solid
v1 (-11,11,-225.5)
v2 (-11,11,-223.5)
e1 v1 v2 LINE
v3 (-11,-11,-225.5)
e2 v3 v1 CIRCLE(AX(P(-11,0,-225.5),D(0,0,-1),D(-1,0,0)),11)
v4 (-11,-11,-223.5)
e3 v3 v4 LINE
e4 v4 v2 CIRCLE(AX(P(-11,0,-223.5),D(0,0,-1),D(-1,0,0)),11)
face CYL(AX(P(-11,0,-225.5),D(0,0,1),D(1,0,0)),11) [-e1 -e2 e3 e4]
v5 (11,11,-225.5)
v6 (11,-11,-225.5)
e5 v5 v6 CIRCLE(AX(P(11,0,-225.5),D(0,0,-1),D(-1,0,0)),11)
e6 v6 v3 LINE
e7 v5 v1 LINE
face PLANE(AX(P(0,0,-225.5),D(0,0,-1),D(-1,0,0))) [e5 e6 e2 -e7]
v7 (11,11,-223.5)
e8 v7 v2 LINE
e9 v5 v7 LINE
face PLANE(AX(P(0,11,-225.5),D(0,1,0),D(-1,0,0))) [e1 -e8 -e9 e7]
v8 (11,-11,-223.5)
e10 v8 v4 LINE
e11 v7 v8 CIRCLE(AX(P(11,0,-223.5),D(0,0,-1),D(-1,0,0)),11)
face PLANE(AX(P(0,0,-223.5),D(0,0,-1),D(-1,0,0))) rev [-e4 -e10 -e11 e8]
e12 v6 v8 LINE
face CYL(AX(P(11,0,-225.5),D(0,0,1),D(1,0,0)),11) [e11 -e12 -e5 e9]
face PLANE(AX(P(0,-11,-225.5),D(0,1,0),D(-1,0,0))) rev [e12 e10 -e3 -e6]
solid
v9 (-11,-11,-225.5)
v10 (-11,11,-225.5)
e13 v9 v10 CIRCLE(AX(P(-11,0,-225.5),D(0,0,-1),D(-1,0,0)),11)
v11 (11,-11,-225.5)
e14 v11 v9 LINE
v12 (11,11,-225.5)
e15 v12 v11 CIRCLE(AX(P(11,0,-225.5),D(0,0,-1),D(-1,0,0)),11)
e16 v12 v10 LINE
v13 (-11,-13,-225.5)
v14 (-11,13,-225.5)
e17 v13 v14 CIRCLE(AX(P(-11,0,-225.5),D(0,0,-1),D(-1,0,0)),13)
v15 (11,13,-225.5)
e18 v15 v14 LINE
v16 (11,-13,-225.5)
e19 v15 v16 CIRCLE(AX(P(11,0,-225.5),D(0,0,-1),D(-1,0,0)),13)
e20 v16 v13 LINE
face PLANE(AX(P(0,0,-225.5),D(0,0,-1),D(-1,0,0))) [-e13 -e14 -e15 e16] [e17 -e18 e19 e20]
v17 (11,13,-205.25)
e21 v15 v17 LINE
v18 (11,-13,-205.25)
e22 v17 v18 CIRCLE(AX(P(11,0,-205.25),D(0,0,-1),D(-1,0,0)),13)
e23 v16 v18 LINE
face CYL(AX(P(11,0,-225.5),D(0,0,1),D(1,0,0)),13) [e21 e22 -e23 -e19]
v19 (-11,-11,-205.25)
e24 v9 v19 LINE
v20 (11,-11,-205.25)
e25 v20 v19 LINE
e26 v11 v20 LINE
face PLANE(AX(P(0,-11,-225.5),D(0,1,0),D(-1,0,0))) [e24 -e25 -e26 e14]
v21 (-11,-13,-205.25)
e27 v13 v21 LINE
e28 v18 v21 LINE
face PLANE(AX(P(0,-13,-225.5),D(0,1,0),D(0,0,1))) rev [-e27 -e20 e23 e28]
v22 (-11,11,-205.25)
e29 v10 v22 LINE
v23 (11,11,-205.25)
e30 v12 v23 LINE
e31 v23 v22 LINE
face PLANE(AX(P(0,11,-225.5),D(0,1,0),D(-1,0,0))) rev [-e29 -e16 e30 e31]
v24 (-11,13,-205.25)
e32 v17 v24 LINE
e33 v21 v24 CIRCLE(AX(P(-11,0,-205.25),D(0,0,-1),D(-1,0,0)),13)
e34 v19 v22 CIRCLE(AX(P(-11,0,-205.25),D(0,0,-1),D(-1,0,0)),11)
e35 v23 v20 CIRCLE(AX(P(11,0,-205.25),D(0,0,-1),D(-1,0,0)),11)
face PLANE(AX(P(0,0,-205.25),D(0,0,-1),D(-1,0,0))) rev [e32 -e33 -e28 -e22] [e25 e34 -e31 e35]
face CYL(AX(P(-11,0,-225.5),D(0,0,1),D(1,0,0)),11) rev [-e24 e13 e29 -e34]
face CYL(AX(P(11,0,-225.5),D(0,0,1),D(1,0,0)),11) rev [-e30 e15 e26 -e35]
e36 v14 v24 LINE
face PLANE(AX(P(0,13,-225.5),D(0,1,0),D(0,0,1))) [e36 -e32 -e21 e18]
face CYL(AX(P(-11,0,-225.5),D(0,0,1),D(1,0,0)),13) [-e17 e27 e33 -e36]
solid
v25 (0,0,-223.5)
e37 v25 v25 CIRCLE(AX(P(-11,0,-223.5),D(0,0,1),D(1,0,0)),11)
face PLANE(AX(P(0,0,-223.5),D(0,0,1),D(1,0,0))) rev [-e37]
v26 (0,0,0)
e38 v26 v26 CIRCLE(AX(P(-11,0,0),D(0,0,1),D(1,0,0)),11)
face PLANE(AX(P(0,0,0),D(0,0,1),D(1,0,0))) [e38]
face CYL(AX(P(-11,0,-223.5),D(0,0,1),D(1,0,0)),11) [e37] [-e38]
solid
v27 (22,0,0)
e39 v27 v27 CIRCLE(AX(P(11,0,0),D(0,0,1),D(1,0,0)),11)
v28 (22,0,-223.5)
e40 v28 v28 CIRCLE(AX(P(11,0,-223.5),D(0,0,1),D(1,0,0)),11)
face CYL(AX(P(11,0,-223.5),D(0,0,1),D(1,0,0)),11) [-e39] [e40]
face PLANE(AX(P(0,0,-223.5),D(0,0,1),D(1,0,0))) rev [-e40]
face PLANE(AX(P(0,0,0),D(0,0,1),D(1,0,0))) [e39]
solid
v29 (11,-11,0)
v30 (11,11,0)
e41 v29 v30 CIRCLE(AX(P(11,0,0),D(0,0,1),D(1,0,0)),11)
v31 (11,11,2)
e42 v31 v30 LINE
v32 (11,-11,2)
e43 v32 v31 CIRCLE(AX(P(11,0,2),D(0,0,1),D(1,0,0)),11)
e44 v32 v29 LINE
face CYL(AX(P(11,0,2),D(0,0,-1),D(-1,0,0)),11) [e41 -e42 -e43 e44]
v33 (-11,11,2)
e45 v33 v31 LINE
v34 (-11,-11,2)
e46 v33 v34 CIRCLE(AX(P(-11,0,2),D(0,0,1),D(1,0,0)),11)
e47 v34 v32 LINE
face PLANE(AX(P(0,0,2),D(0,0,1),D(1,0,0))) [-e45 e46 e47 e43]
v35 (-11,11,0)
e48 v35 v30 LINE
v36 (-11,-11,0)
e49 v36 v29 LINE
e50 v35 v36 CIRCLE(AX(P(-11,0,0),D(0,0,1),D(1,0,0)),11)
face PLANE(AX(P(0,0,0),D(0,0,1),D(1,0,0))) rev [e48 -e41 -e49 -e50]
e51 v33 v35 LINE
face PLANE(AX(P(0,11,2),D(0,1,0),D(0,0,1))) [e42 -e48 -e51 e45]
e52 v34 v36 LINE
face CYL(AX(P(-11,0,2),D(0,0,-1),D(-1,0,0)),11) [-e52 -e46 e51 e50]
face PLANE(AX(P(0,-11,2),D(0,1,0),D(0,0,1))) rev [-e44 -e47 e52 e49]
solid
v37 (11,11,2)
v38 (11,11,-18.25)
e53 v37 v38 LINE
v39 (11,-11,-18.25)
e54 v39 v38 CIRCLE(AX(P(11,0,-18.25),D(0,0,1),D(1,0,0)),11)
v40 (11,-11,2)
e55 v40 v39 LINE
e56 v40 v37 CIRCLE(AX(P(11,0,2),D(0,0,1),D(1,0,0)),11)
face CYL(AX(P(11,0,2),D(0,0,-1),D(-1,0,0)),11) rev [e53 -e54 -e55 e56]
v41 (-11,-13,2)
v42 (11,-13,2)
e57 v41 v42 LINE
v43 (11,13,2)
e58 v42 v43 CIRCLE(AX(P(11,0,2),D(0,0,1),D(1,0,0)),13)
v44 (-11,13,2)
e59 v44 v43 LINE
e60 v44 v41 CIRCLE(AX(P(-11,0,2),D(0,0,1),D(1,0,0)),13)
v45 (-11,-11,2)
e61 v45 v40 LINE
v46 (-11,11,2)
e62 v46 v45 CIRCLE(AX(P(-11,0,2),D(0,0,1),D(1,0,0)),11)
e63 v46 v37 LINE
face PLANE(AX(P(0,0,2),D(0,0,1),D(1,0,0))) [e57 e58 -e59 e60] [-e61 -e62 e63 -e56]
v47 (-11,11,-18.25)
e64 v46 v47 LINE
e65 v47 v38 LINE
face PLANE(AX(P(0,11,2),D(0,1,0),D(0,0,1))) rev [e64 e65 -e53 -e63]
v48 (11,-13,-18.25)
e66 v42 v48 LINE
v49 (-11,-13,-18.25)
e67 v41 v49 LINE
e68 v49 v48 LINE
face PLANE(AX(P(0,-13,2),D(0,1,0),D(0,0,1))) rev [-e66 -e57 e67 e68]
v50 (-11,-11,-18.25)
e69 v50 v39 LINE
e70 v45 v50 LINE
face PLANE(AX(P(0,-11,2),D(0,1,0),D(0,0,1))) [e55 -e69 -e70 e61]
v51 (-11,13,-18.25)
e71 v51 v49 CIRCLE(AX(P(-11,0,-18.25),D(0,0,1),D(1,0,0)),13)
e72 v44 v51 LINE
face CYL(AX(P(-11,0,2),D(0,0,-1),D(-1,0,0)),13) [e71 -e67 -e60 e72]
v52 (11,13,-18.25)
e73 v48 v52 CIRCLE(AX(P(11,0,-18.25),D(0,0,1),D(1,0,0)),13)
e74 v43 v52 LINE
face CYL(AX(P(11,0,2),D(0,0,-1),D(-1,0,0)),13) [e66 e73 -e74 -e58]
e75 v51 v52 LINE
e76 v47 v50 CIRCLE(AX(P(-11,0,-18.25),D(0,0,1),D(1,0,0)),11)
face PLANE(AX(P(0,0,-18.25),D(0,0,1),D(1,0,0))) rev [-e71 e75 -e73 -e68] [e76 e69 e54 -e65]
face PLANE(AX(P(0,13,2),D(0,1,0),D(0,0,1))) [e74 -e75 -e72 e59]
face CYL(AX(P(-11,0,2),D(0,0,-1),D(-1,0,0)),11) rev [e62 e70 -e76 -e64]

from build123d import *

# Parameters (mm, degrees)
ESQUISSE1_R              = 11
BOSS_EXTRU_2_DEPTH       = 223.5
BOSS_EXTRU_2_2_DEPTH     = 223.5
BOSS_EXTRU_8_DEPTH       = 2
BOSS_EXTRU_8_DEPTH_BACK  = 18.25
ESQUISSE1_6_R            = 11
BOSS_EXTRU_29_DEPTH      = 2
BOSS_EXTRU_33_DEPTH      = 2
BOSS_EXTRU_33_DEPTH_BACK = 18.25
BOSS_EXTRU_34_DEPTH      = 2


with BuildPart() as part:
    # Esquisse1 → Boss.-Extru.2 (new body)
    with BuildSketch(Plane.XY):
        with Locations((-11, 0)):
            Circle(ESQUISSE1_R)
    extrude(amount=-BOSS_EXTRU_2_DEPTH)


with BuildPart() as body_2:
    # Esquisse1 → Boss.-Extru.2 2 (new body)
    with BuildSketch(Plane.XY):
        with Locations((11, 0)):
            Circle(ESQUISSE1_R)
    extrude(amount=-BOSS_EXTRU_2_2_DEPTH)


with BuildPart() as body_3:
    # Esquisse1_5 → Boss.-Extru.8 (new body, two sides)
    with BuildSketch(Plane.XY) as boss_extru_8_sk:
        with BuildLine():
            Line((11, 13), (-11, 13))
            ThreePointArc((-11, 13), (-24, 0), (-11, -13))
            Line((-11, -13), (11, -13))
            ThreePointArc((11, -13), (24, 0), (11, 13))
        make_face()
        with BuildLine():
            Line((11, -11), (-11, -11))
            ThreePointArc((-11, -11), (-22, 0), (-11, 11))
            Line((-11, 11), (11, 11))
            ThreePointArc((11, 11), (18.778174593, 7.778174593), (22, 0))
            ThreePointArc((22, 0), (18.778174593, -7.778174593), (11, -11))
        make_face(mode=Mode.SUBTRACT)
    extrude(amount=BOSS_EXTRU_8_DEPTH)
    extrude(boss_extru_8_sk.sketch, amount=-BOSS_EXTRU_8_DEPTH_BACK)


with BuildPart() as body_4:
    # Esquisse1_6 → Boss.-Extru.29 (new body)
    with BuildSketch(Plane.XY):
        with Locations((-11, 0)):
            Circle(ESQUISSE1_6_R)
        with Locations((11, 0)):
            Circle(ESQUISSE1_6_R)
        with BuildLine():
            Line((11, 11), (-11, 11))
            ThreePointArc((-11, 11), (-3.221825407, 7.778174593), (0, 0))
            ThreePointArc((0, 0), (3.221825407, 7.778174593), (11, 11))
        make_face()
        with BuildLine():
            ThreePointArc((0, 0), (-3.221825407, -7.778174593), (-11, -11))
            Line((-11, -11), (11, -11))
            ThreePointArc((11, -11), (3.221825407, -7.778174593), (0, 0))
        make_face()
    extrude(amount=BOSS_EXTRU_29_DEPTH)


with BuildPart() as body_5:
    # Esquisse8 → Boss.-Extru.33 (new body, two sides)
    with BuildSketch(Plane(origin=(0, 0, -223.5), x_dir=(-1, 0, 0), z_dir=(0, 0, -1))) as boss_extru_33_sk:
        with BuildLine():
            Line((11, 13), (-11, 13))
            ThreePointArc((-11, 13), (-24, 0), (-11, -13))
            Line((-11, -13), (11, -13))
            ThreePointArc((11, -13), (24, 0), (11, 13))
        make_face()
        with BuildLine():
            Line((11, -11), (-11, -11))
            ThreePointArc((-11, -11), (-22, 0), (-11, 11))
            Line((-11, 11), (11, 11))
            ThreePointArc((11, 11), (18.778174593, 7.778174593), (22, 0))
            ThreePointArc((22, 0), (18.778174593, -7.778174593), (11, -11))
        make_face(mode=Mode.SUBTRACT)
    extrude(amount=BOSS_EXTRU_33_DEPTH)
    extrude(boss_extru_33_sk.sketch, amount=-BOSS_EXTRU_33_DEPTH_BACK)


with BuildPart() as body_6:
    # Esquisse8_3 → Boss.-Extru.34 (new body)
    with BuildSketch(Plane(origin=(0, 0, -223.5), x_dir=(-1, 0, 0), z_dir=(0, 0, -1))):
        with BuildLine():
            ThreePointArc((-11, 11), (-22, 0), (-11, -11))
            Line((-11, -11), (11, -11))
            ThreePointArc((11, -11), (22, 0), (11, 11))
            Line((11, 11), (-11, 11))
        make_face()
    extrude(amount=BOSS_EXTRU_34_DEPTH)


solid = Compound([part.part, body_2.part, body_3.part, body_4.part, body_5.part, body_6.part])
